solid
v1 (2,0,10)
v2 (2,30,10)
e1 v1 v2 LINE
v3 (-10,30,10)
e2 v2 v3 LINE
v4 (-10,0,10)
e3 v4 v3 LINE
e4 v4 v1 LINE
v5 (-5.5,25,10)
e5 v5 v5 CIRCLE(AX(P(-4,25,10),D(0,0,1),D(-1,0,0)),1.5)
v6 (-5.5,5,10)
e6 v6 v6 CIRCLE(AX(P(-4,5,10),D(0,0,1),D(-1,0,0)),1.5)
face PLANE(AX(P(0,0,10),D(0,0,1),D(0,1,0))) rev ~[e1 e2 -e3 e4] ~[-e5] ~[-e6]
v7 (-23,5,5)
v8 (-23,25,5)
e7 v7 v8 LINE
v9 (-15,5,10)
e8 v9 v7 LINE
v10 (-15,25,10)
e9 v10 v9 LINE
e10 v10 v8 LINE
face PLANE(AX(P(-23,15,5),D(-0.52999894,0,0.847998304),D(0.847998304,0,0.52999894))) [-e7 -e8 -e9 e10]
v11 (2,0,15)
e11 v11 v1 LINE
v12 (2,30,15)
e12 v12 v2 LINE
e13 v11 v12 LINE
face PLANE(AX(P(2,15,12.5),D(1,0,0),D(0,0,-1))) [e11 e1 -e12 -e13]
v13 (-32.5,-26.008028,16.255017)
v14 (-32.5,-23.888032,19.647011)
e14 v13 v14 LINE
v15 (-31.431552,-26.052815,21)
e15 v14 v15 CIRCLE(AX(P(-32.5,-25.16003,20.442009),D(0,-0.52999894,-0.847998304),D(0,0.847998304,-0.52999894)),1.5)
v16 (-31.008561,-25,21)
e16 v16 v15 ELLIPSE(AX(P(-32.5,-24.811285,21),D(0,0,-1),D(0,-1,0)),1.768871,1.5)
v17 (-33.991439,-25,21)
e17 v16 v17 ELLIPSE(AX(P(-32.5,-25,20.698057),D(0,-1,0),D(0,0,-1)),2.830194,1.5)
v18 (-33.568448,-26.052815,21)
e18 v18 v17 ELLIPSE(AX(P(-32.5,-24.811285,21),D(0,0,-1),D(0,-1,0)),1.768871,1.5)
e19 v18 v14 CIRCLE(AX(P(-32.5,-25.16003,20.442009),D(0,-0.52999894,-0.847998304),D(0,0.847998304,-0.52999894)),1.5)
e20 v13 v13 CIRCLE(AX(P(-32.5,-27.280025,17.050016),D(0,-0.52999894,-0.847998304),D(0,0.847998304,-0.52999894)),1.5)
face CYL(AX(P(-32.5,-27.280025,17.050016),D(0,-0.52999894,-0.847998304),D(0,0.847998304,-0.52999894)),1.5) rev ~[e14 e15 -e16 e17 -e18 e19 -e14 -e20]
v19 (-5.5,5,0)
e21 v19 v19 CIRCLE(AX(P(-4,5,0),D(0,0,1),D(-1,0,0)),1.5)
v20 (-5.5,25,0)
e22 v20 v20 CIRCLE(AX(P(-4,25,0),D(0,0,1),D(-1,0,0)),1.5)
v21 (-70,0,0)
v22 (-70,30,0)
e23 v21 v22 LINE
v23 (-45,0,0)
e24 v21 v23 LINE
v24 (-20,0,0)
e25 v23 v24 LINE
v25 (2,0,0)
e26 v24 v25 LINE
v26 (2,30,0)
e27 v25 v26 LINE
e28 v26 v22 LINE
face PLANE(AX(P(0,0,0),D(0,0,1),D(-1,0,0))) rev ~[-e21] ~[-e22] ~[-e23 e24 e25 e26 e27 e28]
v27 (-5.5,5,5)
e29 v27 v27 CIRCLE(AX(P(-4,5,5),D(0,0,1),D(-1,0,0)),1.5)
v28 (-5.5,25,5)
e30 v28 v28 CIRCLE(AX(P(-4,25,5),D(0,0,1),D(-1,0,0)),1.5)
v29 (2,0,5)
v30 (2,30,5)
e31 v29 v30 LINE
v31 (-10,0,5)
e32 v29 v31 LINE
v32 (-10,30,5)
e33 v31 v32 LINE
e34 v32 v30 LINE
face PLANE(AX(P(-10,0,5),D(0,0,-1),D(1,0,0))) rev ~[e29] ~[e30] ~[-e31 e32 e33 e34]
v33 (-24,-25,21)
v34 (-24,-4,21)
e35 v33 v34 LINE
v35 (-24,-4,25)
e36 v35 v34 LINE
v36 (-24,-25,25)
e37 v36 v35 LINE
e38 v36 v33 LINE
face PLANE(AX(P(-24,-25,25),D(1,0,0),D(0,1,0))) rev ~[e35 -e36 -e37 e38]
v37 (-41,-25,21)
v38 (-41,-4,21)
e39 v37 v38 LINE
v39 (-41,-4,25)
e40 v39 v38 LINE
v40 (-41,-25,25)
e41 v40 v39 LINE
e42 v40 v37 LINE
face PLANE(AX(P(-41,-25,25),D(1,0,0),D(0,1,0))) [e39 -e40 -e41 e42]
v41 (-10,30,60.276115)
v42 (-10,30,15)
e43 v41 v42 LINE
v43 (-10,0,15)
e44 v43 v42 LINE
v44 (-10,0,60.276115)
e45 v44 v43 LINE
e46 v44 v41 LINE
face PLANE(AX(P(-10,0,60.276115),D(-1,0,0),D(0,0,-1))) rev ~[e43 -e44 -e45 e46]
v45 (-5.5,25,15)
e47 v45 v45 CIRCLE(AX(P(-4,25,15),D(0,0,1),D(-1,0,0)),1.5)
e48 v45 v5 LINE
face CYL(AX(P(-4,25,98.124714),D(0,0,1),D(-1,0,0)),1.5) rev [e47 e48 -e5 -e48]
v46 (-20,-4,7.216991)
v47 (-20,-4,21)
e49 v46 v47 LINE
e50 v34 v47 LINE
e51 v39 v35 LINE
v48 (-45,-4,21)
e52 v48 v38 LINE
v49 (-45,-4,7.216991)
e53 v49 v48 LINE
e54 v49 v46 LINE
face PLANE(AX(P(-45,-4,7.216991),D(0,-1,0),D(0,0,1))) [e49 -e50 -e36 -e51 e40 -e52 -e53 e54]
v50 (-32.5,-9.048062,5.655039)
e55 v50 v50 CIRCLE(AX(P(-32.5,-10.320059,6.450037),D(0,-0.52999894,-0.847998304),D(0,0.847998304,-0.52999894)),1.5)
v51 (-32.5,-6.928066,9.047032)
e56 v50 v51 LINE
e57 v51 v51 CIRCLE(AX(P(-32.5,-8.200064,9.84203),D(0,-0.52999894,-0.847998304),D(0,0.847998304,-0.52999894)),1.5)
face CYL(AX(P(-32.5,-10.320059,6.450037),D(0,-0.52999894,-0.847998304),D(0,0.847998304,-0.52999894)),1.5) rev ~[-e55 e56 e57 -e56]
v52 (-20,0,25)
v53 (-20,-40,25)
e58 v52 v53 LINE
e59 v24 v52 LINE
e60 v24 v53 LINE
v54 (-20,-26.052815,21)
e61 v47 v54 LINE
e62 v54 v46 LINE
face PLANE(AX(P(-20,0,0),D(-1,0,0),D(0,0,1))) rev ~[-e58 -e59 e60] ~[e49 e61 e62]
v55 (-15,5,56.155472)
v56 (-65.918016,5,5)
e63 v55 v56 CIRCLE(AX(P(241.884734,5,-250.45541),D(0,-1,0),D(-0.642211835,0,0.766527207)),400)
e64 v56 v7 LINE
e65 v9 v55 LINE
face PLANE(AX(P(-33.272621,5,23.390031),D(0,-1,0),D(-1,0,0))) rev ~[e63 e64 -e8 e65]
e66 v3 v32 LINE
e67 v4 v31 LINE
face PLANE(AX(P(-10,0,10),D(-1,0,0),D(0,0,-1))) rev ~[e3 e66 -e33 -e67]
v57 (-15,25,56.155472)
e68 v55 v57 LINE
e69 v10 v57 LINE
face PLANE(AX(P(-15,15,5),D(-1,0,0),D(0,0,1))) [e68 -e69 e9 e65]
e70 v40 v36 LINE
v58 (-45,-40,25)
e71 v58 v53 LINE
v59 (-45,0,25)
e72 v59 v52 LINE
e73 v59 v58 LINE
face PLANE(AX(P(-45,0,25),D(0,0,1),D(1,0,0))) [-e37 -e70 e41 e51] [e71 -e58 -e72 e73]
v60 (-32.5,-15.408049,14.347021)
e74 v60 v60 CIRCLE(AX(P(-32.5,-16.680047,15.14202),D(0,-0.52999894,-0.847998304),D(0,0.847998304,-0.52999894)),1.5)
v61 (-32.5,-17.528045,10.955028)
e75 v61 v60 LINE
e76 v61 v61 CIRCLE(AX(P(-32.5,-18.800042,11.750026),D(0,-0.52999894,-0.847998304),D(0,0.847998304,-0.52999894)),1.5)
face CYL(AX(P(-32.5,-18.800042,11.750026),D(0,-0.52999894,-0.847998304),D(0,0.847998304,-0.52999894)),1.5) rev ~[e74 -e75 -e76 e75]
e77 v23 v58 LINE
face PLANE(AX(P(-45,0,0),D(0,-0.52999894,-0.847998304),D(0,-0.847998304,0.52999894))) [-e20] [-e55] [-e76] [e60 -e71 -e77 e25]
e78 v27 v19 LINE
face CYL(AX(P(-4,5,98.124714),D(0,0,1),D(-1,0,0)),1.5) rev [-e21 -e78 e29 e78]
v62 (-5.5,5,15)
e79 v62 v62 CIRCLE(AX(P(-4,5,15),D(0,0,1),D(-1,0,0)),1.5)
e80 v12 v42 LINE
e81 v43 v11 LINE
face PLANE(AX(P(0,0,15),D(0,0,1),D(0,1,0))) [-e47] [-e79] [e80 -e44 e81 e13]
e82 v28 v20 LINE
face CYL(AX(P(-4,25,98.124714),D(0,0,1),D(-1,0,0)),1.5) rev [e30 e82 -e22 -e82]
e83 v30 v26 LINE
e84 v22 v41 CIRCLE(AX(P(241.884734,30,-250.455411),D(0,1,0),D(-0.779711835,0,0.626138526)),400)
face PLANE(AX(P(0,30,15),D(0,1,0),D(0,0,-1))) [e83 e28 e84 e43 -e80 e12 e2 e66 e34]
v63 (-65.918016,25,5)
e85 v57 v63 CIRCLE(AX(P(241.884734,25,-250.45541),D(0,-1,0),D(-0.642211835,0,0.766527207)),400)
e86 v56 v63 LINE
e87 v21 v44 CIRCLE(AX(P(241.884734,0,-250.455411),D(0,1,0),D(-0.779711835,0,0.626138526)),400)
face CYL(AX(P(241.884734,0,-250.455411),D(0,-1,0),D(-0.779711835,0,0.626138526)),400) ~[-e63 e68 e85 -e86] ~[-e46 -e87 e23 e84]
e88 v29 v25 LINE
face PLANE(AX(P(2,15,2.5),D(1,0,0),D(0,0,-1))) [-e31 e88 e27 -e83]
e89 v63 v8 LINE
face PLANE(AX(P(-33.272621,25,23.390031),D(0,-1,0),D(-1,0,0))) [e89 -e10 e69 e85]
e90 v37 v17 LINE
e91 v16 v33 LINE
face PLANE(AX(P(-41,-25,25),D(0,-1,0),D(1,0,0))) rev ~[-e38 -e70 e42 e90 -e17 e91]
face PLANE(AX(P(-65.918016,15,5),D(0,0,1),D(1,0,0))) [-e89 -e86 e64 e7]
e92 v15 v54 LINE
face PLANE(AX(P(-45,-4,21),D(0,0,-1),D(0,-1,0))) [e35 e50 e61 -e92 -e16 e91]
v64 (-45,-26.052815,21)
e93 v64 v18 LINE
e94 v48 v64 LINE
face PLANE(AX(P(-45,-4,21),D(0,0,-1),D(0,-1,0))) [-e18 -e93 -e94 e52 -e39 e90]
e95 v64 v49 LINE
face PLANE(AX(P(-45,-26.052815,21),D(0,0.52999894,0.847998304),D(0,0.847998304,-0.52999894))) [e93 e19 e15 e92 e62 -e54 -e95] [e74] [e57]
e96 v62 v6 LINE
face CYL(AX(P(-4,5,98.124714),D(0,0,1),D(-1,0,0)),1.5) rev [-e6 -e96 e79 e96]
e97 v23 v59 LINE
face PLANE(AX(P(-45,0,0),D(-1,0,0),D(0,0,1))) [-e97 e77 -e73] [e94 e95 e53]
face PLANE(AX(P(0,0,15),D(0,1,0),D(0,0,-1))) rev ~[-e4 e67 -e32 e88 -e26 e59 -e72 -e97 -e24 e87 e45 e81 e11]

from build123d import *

# Parameters (mm, degrees)
EXTRUDE_1_DEPTH          = 30
CUT_EXTRUDE_1_DEPTH      = 98.124713642
CUT_EXTRUDE_1_DEPTH_BACK = 98.124713642
SKETCH_2_R               = 1.5
CUT_EXTRUDE_6_DEPTH      = 10
EXTRUDE_3_DEPTH          = 12.5
SKETCH_12_W              = 5
SKETCH_12_H              = 30
EXTRUDE_4_DEPTH          = 2
SKETCH_17_W              = 25
SKETCH_17_H              = 25
EXTRUDE_7_DEPTH          = 40
CUT_EXTRUDE_9_DEPTH      = 50
SKETCH_21_R              = 1.5
CUT_EXTRUDE_12_DEPTH     = 7
CUT_EXTRUDE_13_DEPTH     = 500
SKETCH_23_W              = 17
SKETCH_23_H              = 21
CUT_EXTRUDE_14_DEPTH     = 4


with BuildPart() as part:
    # 草图1 → 凸台-拉伸1 (new body)
    with BuildSketch(Plane(origin=(0, 0, 0), x_dir=(1, 0, 0), z_dir=(0, 1, 0))):
        with BuildLine():
            Line((0, 0), (-70, 0))
            ThreePointArc((-70, 0), (-41.606545869, -31.737243891), (-10, -60.276114672))
            Line((-10, -60.276114672), (-10, -15))
            Line((-10, -15), (0, -15))
            Line((0, -15), (0, -10))
            Line((0, -10), (-10, -10))
            Line((-10, -10), (-10, -5))
            Line((-10, -5), (0, -5))
            Line((0, -5), (0, 0))
        make_face()
    extrude(amount=EXTRUDE_1_DEPTH)

    # 草图2 → 切除-拉伸1 (cut, two sides: drawn at the far end of the back side and taken through both)
    with BuildSketch(Plane(origin=(0, 0, 0), x_dir=(-1, 0, 0), z_dir=(0, 0, -1)).offset(-CUT_EXTRUDE_1_DEPTH_BACK)):
        with Locations((4, 25)):
            Circle(SKETCH_2_R)
        with Locations((4, 5)):
            Circle(SKETCH_2_R)
    extrude(amount=CUT_EXTRUDE_1_DEPTH + CUT_EXTRUDE_1_DEPTH_BACK, mode=Mode.SUBTRACT)

    # 草图9 → 切除-拉伸6 (cut, symmetric)
    with BuildSketch(Plane(origin=(0, 15, 0), x_dir=(1, 0, 0), z_dir=(0, 1, 0))):
        with BuildLine():
            Line((-65.918016471, -5), (-59.391772218, -5))
            Line((-59.391772218, -5), (-15, -5))
            Line((-15, -5), (-15, -15))
            Line((-15, -15), (-15, -49.60330608))
            Line((-15, -49.60330608), (-15, -56.155472209))
            ThreePointArc((-15, -56.155472209), (-41.615194331, -31.728555364), (-65.918016471, -5))
        make_face()
    extrude(amount=CUT_EXTRUDE_6_DEPTH, both=True, mode=Mode.SUBTRACT)

    # 草图11 → 凸台-拉伸3 (add, symmetric)
    with BuildSketch(Plane(origin=(0, 15, 0), x_dir=(1, 0, 0), z_dir=(0, 1, 0))):
        Polygon((-15, -5), (-23, -5), (-15, -10), align=None)
    extrude(amount=EXTRUDE_3_DEPTH, both=True)

    # 草图12 → 凸台-拉伸4 (add)
    with BuildSketch(Plane(origin=(0, 0, 0), x_dir=(0, 0, -1), z_dir=(1, 0, 0))):
        with Locations((-12.5, 15)):
            Rectangle(SKETCH_12_W, SKETCH_12_H)
        with Locations((-2.5, 15)):
            Rectangle(SKETCH_12_W, SKETCH_12_H)
    extrude(amount=EXTRUDE_4_DEPTH)

    # 草图17 → 凸台-拉伸7 (add)
    with BuildSketch(Plane.XZ):
        with Locations((-32.5, 12.5)):
            Rectangle(SKETCH_17_W, SKETCH_17_H)
    extrude(amount=EXTRUDE_7_DEPTH)

    # 草图18 → 切除-拉伸9 (cut)
    with BuildSketch(Plane.ZY.offset(45)):
        Polygon((0, 0), (25, -40), (0, -40), align=None)
    extrude(amount=-CUT_EXTRUDE_9_DEPTH, mode=Mode.SUBTRACT)

    # 草图21 → 切除-拉伸12 (cut)
    with BuildSketch(Plane(origin=(0, 0, 0), x_dir=(-1, 0, 0), z_dir=(0, -0.52999894000318, -0.8479983040050879))):
        with Locations(Location((32.5, -22.16990566, 0), (0, 0, 90))):
            Circle(SKETCH_21_R)
        with Locations(Location((32.5, -12.16990566, 0), (0, 0, 90))):
            Circle(SKETCH_21_R)
        with Locations(Location((32.5, -32.16990566, 0), (0, 0, 90))):
            Circle(SKETCH_21_R)
    extrude(amount=-CUT_EXTRUDE_12_DEPTH, mode=Mode.SUBTRACT)

    # 草图22 → 切除-拉伸13 (cut)
    with BuildSketch(Plane.ZY.offset(45)):
        Polygon((7.216990566, -4), (21, -4), (21, -26.052815094), align=None)
    extrude(amount=-CUT_EXTRUDE_13_DEPTH, mode=Mode.SUBTRACT)

    # 草图23 → 切除-拉伸14 (cut)
    with BuildSketch(Plane.XY.offset(25)):
        with Locations((-32.5, -14.5)):
            Rectangle(SKETCH_23_W, SKETCH_23_H)
    extrude(amount=-CUT_EXTRUDE_14_DEPTH, mode=Mode.SUBTRACT)


solid = part.part
